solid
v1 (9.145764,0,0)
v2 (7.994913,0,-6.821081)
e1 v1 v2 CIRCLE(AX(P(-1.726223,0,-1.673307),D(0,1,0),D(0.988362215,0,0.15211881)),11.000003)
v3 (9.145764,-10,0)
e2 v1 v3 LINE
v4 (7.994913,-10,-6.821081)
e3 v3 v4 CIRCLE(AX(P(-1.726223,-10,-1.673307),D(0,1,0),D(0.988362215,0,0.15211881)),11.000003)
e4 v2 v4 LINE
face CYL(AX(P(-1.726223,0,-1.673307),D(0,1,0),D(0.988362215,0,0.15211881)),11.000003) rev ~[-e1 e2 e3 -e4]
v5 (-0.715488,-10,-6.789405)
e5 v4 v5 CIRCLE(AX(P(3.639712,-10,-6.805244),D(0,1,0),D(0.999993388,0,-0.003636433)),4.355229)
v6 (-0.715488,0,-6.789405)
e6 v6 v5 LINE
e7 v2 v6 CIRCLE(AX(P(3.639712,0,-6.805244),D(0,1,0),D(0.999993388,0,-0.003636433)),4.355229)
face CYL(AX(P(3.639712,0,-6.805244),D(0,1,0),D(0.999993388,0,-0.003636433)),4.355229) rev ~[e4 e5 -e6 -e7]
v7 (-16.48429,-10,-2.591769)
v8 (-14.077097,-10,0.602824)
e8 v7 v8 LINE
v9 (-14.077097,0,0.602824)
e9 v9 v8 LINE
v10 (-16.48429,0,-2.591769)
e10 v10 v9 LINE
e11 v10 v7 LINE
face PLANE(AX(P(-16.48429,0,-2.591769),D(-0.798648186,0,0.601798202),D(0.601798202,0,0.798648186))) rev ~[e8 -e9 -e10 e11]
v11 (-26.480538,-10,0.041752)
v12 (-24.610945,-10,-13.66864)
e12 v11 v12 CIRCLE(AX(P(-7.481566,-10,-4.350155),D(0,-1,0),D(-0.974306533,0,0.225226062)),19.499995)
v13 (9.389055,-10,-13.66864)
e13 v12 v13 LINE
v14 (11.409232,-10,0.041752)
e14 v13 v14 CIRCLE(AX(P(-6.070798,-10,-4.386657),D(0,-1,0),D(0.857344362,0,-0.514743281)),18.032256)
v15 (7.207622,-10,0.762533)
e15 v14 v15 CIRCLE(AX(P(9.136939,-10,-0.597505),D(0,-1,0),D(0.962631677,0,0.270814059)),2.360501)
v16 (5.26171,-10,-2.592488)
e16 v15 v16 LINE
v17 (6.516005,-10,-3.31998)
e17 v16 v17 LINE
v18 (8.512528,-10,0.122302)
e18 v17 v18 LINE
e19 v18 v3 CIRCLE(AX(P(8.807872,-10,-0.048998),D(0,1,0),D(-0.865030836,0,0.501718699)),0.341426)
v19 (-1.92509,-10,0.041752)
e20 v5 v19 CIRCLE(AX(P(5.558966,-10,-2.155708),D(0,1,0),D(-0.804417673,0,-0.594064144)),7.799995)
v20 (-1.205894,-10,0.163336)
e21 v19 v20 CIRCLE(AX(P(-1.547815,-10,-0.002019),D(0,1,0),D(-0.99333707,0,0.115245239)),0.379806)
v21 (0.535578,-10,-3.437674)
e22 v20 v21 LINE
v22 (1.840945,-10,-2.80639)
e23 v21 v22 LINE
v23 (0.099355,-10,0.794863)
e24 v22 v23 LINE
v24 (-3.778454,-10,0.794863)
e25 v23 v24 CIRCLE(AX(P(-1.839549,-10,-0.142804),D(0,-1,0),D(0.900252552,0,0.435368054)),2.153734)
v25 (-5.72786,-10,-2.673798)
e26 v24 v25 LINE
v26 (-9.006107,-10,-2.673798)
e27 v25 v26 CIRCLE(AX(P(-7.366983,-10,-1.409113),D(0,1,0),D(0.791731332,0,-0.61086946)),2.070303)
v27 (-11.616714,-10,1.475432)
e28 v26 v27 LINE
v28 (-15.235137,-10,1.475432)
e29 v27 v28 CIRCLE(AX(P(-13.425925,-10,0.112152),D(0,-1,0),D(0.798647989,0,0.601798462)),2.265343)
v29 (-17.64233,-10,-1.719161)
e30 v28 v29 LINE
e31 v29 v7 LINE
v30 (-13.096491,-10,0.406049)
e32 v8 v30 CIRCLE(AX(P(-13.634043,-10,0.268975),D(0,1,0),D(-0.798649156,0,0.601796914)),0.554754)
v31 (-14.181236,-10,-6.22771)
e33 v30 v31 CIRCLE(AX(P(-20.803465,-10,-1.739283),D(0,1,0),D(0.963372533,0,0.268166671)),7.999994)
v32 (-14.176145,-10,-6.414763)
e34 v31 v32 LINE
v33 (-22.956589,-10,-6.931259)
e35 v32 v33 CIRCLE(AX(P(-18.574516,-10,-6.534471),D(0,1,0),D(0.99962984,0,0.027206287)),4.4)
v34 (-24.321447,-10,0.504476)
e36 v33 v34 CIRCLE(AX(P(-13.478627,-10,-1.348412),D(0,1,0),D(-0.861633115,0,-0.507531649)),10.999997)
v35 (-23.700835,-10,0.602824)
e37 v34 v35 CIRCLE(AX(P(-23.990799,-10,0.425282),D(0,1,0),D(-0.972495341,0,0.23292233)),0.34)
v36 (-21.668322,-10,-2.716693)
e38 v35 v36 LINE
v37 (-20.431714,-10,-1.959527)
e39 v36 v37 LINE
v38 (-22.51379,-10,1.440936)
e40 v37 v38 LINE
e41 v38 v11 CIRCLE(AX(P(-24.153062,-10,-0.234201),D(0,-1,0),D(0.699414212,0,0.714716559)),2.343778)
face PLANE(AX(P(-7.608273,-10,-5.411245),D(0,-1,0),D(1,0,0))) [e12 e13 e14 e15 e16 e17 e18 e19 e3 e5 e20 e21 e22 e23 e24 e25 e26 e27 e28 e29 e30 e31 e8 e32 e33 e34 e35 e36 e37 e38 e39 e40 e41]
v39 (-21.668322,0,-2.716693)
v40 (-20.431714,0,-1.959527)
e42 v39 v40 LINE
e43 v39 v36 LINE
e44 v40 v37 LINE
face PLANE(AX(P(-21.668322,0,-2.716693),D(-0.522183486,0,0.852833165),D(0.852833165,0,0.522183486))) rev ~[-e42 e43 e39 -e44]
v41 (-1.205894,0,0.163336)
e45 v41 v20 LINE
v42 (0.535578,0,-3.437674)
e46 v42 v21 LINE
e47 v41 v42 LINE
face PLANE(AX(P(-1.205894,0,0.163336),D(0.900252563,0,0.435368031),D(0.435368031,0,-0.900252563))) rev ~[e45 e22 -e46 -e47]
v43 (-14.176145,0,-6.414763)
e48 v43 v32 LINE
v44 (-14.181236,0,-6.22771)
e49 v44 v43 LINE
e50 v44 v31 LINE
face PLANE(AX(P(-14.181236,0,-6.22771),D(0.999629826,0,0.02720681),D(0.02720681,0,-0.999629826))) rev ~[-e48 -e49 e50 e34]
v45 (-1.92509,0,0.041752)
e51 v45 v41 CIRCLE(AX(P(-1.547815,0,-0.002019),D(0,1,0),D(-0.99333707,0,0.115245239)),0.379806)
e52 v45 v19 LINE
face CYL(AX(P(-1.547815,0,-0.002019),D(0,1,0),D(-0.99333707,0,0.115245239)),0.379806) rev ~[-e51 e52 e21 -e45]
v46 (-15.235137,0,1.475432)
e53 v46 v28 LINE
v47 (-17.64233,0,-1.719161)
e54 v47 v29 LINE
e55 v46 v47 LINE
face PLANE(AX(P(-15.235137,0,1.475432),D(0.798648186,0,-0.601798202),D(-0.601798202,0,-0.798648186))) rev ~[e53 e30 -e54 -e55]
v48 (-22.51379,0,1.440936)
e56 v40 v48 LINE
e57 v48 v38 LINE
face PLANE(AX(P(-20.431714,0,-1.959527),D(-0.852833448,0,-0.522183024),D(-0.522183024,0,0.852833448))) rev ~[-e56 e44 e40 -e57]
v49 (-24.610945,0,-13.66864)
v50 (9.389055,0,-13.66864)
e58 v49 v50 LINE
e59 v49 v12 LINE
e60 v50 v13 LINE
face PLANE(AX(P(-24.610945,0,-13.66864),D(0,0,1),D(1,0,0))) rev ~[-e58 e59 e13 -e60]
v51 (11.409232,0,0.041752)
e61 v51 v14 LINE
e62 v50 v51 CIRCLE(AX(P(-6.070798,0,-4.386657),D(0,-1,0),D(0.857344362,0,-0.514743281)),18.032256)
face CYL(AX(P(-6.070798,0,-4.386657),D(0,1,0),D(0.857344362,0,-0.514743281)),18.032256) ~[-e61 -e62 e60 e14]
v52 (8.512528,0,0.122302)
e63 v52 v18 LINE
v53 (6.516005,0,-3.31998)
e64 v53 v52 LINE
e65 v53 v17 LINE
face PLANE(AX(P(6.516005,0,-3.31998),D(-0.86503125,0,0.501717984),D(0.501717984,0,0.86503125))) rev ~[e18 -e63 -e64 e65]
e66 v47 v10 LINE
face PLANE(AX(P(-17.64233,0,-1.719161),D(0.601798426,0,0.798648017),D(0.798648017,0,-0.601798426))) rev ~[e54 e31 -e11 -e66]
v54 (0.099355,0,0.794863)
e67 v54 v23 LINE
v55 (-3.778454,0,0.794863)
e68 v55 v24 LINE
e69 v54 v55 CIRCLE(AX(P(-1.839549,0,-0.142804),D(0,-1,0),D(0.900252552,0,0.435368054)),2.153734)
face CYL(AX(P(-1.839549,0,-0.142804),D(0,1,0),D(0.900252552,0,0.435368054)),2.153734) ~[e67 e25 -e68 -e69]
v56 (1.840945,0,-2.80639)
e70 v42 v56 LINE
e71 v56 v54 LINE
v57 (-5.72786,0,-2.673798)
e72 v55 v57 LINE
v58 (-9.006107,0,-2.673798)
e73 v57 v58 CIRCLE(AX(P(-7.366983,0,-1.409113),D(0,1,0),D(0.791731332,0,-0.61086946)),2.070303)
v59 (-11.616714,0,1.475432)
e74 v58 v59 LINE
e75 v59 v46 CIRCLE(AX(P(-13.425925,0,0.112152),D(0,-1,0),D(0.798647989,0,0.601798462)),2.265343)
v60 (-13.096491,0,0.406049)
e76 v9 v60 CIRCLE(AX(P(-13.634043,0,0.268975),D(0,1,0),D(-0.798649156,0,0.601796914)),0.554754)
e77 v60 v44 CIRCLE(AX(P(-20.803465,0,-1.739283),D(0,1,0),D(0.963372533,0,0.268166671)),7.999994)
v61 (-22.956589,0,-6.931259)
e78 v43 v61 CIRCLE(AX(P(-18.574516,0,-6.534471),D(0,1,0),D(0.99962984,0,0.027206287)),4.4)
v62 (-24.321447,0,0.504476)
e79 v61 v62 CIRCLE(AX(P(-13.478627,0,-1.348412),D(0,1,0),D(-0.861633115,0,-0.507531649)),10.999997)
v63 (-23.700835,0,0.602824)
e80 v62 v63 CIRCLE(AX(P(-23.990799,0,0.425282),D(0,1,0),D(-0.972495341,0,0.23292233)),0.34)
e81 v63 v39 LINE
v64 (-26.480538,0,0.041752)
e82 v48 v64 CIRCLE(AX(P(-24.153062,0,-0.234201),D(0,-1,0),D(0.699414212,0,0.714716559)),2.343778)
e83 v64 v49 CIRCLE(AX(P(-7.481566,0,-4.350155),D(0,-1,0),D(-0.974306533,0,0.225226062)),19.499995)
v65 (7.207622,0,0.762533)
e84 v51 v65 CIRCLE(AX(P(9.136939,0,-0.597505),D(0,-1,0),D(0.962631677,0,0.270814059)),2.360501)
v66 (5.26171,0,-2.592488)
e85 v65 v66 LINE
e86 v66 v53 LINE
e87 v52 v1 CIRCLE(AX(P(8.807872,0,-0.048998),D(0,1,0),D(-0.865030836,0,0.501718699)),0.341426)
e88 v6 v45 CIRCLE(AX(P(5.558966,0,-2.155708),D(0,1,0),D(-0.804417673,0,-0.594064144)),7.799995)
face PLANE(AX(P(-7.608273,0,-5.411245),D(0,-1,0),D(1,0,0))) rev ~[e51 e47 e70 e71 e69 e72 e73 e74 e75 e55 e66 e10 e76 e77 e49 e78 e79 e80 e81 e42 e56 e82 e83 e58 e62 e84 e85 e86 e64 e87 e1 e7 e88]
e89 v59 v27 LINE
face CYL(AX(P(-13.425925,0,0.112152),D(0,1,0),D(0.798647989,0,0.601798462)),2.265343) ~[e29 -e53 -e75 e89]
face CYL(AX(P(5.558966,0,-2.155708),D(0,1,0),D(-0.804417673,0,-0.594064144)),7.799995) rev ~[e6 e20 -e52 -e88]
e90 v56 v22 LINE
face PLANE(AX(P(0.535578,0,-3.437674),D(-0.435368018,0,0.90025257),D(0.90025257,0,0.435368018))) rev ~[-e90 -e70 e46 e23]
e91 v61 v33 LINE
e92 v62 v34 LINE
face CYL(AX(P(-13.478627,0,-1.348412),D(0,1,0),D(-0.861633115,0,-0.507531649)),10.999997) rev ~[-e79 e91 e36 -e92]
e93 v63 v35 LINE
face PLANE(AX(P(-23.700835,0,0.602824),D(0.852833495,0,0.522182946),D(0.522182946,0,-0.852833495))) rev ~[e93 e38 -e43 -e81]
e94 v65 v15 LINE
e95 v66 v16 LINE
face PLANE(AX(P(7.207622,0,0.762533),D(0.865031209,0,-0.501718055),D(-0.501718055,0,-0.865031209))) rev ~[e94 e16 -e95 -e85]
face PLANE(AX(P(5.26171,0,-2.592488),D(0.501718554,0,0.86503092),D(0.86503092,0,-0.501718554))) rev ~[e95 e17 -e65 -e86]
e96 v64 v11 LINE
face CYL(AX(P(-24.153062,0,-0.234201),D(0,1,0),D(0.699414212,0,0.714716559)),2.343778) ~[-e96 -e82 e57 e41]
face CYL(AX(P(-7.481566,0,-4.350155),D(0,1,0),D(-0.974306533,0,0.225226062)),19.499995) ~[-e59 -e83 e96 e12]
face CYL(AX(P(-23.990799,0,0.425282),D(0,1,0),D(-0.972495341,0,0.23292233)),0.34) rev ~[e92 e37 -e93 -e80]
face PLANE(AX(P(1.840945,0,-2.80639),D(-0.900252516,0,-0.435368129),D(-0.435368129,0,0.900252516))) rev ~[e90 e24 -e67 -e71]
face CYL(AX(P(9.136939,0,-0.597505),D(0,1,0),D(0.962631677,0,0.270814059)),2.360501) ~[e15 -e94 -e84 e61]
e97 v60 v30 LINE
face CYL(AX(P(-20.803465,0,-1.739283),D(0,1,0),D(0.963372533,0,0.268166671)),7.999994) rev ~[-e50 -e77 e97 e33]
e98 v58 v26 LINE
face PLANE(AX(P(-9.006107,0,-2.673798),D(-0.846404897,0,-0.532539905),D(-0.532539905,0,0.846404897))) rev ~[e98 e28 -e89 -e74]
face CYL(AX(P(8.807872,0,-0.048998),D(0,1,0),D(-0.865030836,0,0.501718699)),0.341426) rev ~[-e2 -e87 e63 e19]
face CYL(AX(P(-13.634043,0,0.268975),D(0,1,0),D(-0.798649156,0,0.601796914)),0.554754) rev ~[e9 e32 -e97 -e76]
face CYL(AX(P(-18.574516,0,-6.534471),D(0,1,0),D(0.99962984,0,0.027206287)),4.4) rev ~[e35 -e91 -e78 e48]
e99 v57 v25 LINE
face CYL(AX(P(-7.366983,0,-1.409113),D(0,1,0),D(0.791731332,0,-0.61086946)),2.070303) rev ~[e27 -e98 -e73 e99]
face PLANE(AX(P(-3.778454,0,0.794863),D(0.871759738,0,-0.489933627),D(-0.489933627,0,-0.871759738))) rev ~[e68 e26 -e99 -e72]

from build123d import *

# Parameters (mm, degrees)
F1_DEPTH = 10


with BuildPart() as f1:
    # F0 (on Front) → F1 (new body)
    with BuildSketch(Plane.XZ):
        with BuildLine():
            ThreePointArc((-26.480538, 0.041752), (-26.80275, -6.984853), (-24.610945, -13.66864))
            Line((-24.610945, -13.66864), (9.389055, -13.66864))
            ThreePointArc((9.389055, -13.66864), (11.76884, -7.015264), (11.409232, 0.041752))
            ThreePointArc((11.409232, 0.041752), (9.53605, 1.729011), (7.207622, 0.762533))
            Line((7.207622, 0.762533), (5.26171, -2.592488))
            Line((5.26171, -2.592488), (6.516005, -3.31998))
            Line((6.516005, -3.31998), (8.512528, 0.122302))
            ThreePointArc((8.512528, 0.122302), (8.872618, 0.286233), (9.145764, 0))
            ThreePointArc((9.145764, 0), (9.12048, -3.50336), (7.994913, -6.821081))
            ThreePointArc((7.994913, -6.821081), (3.623874, -11.160444), (-0.715488, -6.789405))
            ThreePointArc((-0.715488, -6.789405), (-2.12155, -3.515707), (-1.92509, 0.041752))
            ThreePointArc((-1.92509, 0.041752), (-1.611125, 0.372473), (-1.205894, 0.163336))
            Line((-1.205894, 0.163336), (0.535578, -3.437674))
            Line((0.535578, -3.437674), (1.840945, -2.80639))
            Line((1.840945, -2.80639), (0.099355, 0.794863))
            ThreePointArc((0.099355, 0.794863), (-1.83955, 2.01093), (-3.778454, 0.794863))
            Line((-3.778454, 0.794863), (-5.72786, -2.673798))
            ThreePointArc((-5.72786, -2.673798), (-7.366983, -3.479416), (-9.006107, -2.673798))
            Line((-9.006107, -2.673798), (-11.616714, 1.475432))
            ThreePointArc((-11.616714, 1.475432), (-13.425926, 2.377495), (-15.235137, 1.475432))
            Line((-15.235137, 1.475432), (-17.64233, -1.719161))
            Line((-17.64233, -1.719161), (-16.48429, -2.591769))
            Line((-16.48429, -2.591769), (-14.077097, 0.602824))
            ThreePointArc((-14.077097, 0.602824), (-13.524899, 0.812886), (-13.096491, 0.406049))
            ThreePointArc((-13.096491, 0.406049), (-12.908327, -3.030287), (-14.181236, -6.22771))
            Line((-14.181236, -6.22771), (-14.176145, -6.414763))
            ThreePointArc((-14.176145, -6.414763), (-18.316139, -10.926878), (-22.956589, -6.931259))
            ThreePointArc((-22.956589, -6.931259), (-24.297873, -3.334327), (-24.321447, 0.504476))
            ThreePointArc((-24.321447, 0.504476), (-24.044014, 0.761092), (-23.700835, 0.602824))
            Line((-23.700835, 0.602824), (-21.668322, -2.716693))
            Line((-21.668322, -2.716693), (-20.431714, -1.959527))
            Line((-20.431714, -1.959527), (-22.51379, 1.440936))
            ThreePointArc((-22.51379, 1.440936), (-24.932699, 1.976107), (-26.480538, 0.041752))
        make_face()
    extrude(amount=F1_DEPTH)


solid = f1.part
